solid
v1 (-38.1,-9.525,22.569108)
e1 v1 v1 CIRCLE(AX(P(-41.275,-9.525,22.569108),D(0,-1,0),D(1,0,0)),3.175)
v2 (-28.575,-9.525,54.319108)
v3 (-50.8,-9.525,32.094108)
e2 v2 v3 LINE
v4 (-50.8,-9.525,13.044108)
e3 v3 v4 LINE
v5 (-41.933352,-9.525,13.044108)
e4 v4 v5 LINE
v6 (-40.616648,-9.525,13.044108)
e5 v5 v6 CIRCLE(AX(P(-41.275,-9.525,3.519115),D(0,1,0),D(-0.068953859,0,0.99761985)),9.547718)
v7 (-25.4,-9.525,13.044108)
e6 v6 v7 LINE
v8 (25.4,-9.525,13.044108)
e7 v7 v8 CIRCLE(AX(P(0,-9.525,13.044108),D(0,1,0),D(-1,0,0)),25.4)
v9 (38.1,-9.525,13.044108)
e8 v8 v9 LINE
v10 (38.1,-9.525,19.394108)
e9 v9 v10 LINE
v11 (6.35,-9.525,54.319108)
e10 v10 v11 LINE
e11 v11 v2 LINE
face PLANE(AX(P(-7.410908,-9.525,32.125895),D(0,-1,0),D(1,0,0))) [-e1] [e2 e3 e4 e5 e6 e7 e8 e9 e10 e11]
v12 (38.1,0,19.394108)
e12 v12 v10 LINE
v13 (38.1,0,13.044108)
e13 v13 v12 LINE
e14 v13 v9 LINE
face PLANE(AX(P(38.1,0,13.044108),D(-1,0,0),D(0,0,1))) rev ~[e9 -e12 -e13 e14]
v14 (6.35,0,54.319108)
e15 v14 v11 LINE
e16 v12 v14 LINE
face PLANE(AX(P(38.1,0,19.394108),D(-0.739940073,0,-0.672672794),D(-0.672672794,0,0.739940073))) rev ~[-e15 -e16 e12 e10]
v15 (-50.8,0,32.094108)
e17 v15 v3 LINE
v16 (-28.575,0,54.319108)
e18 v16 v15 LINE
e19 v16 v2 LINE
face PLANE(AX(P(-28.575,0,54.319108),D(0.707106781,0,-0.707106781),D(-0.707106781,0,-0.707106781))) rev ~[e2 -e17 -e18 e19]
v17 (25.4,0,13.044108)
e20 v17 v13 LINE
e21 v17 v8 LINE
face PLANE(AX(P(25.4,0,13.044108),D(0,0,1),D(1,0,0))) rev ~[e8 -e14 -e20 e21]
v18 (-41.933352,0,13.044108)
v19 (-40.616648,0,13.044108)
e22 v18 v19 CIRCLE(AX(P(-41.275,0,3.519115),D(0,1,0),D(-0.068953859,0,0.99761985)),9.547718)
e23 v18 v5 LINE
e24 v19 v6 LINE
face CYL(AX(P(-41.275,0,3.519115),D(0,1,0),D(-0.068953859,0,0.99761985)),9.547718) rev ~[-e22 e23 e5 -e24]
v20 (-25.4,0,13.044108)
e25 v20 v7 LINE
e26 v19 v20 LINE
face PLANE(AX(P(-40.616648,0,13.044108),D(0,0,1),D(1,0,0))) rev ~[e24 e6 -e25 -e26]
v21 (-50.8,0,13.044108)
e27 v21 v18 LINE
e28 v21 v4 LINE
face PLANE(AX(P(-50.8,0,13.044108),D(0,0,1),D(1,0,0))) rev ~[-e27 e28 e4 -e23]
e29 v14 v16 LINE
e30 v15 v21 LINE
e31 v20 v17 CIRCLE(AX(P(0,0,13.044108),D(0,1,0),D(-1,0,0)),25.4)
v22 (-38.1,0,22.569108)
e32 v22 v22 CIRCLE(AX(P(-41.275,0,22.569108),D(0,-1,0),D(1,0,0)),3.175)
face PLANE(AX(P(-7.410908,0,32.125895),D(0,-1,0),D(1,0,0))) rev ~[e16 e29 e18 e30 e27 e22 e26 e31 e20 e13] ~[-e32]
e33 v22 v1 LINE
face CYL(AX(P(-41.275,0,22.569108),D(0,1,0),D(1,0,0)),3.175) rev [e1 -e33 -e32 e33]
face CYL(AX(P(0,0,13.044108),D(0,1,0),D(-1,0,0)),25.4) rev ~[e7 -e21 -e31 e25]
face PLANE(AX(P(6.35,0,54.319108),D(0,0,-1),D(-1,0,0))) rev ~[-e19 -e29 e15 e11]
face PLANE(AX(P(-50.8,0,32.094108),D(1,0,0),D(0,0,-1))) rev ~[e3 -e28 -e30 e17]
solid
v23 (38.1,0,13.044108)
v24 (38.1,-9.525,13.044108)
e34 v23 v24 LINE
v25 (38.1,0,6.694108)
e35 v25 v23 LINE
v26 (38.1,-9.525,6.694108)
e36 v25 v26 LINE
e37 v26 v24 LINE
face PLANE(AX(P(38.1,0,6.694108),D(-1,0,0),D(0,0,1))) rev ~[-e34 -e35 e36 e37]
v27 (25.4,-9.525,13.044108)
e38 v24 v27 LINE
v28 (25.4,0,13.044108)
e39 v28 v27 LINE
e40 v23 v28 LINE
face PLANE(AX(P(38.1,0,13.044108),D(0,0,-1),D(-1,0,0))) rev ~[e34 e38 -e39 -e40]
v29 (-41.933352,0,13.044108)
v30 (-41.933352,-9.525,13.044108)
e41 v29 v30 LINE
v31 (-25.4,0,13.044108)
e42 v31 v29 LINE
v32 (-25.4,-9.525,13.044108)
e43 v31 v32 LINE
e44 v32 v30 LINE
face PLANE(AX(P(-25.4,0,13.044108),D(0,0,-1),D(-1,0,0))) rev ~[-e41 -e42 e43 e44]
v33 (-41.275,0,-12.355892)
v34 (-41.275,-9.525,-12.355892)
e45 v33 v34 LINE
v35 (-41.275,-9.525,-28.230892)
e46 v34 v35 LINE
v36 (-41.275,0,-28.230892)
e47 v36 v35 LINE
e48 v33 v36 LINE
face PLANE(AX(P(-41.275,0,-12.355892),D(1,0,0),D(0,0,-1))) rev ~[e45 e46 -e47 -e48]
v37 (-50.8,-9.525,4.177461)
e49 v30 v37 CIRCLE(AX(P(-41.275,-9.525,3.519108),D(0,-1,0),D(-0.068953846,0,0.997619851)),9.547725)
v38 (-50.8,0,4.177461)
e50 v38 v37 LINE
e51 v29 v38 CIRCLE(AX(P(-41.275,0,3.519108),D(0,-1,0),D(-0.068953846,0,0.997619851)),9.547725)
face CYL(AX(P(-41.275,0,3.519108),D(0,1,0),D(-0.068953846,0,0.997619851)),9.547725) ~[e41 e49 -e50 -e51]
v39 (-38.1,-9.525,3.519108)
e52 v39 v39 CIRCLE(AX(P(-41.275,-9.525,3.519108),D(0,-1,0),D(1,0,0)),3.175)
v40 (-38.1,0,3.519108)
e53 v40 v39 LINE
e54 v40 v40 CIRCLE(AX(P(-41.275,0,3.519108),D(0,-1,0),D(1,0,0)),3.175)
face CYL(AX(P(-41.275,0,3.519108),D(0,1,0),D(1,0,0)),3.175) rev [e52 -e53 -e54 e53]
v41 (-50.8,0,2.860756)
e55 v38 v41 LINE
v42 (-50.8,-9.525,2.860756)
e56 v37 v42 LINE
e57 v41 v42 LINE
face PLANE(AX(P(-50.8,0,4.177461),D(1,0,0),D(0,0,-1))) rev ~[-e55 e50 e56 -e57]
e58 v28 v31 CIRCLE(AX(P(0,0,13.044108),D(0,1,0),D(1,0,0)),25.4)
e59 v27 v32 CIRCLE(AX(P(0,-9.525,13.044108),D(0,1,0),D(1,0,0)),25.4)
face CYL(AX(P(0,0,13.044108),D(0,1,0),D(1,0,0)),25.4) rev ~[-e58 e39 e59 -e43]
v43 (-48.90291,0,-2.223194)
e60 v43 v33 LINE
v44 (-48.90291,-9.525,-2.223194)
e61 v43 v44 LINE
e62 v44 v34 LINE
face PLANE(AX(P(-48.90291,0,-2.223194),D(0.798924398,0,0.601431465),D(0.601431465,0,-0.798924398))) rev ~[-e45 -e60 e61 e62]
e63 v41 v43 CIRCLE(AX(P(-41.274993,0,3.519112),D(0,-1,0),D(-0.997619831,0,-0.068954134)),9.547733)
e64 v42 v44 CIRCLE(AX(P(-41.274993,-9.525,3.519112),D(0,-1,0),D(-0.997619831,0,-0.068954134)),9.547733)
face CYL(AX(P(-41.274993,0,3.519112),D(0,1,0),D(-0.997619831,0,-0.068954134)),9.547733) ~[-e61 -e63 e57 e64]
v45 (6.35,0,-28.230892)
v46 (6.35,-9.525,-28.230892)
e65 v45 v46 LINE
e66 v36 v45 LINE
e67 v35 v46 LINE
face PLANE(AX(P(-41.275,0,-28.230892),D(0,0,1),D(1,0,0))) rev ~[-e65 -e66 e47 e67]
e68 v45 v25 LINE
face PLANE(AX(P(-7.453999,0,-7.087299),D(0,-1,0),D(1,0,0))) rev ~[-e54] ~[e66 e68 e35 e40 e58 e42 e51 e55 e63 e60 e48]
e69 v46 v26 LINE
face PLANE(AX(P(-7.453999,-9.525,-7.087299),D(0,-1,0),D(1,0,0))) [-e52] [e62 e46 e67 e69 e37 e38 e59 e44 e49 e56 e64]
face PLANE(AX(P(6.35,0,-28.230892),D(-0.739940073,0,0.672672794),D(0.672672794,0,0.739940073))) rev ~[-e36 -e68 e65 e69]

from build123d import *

# Parameters (mm, degrees)
F0_R     = 3.175
F1_DEPTH = 9.525
F2_DEPTH = 9.525


with BuildPart() as f1:
    # F0 (on Front) → F1 (new body)
    with BuildSketch(Plane.XZ):
        with BuildLine():
            Line((6.35, 54.319108), (-28.575, 54.319108))
            Line((-28.575, 54.319108), (-50.8, 32.094108))
            Line((-50.8, 32.094108), (-50.8, 13.044108))
            Line((-50.8, 13.044108), (-41.933352, 13.044108))
            ThreePointArc((-41.933352, 13.044108), (-41.275, 13.066833), (-40.616648, 13.044108))
            Line((-40.616648, 13.044108), (-25.4, 13.044108))
            ThreePointArc((-25.4, 13.044108), (0, 38.444108), (25.4, 13.044108))
            Line((25.4, 13.044108), (38.1, 13.044108))
            Line((38.1, 13.044108), (38.1, 19.394108))
            Line((38.1, 19.394108), (6.35, 54.319108))
        make_face()
        with Locations((-41.275, 22.569108)):
            Circle(F0_R, mode=Mode.SUBTRACT)
    extrude(amount=F1_DEPTH)


with BuildPart() as f2:
    # F0 (on Front) → F2 (new body)
    with BuildSketch(Plane.XZ):
        with BuildLine():
            Line((38.1, 6.694108), (38.1, 13.044108))
            Line((38.1, 13.044108), (25.4, 13.044108))
            ThreePointArc((25.4, 13.044108), (0, -12.355892), (-25.4, 13.044108))
            Line((-25.4, 13.044108), (-40.616648, 13.044108))
            Line((-40.616648, 13.044108), (-41.933352, 13.044108))
            ThreePointArc((-41.933352, 13.044108), (-48.026261, 10.270369), (-50.8, 4.177461))
            Line((-50.8, 4.177461), (-50.8, 2.860756))
            ThreePointArc((-50.8, 2.860756), (-50.220234, 0.18117), (-48.90291, -2.223194))
            Line((-48.90291, -2.223194), (-41.275, -12.355892))
            Line((-41.275, -12.355892), (-41.275, -28.230892))
            Line((-41.275, -28.230892), (6.35, -28.230892))
            Line((6.35, -28.230892), (38.1, 6.694108))
        make_face()
        with Locations((-41.275, 3.519108)):
            Circle(F0_R, mode=Mode.SUBTRACT)
    extrude(amount=F2_DEPTH)


solid = Compound([f1.part, f2.part])
